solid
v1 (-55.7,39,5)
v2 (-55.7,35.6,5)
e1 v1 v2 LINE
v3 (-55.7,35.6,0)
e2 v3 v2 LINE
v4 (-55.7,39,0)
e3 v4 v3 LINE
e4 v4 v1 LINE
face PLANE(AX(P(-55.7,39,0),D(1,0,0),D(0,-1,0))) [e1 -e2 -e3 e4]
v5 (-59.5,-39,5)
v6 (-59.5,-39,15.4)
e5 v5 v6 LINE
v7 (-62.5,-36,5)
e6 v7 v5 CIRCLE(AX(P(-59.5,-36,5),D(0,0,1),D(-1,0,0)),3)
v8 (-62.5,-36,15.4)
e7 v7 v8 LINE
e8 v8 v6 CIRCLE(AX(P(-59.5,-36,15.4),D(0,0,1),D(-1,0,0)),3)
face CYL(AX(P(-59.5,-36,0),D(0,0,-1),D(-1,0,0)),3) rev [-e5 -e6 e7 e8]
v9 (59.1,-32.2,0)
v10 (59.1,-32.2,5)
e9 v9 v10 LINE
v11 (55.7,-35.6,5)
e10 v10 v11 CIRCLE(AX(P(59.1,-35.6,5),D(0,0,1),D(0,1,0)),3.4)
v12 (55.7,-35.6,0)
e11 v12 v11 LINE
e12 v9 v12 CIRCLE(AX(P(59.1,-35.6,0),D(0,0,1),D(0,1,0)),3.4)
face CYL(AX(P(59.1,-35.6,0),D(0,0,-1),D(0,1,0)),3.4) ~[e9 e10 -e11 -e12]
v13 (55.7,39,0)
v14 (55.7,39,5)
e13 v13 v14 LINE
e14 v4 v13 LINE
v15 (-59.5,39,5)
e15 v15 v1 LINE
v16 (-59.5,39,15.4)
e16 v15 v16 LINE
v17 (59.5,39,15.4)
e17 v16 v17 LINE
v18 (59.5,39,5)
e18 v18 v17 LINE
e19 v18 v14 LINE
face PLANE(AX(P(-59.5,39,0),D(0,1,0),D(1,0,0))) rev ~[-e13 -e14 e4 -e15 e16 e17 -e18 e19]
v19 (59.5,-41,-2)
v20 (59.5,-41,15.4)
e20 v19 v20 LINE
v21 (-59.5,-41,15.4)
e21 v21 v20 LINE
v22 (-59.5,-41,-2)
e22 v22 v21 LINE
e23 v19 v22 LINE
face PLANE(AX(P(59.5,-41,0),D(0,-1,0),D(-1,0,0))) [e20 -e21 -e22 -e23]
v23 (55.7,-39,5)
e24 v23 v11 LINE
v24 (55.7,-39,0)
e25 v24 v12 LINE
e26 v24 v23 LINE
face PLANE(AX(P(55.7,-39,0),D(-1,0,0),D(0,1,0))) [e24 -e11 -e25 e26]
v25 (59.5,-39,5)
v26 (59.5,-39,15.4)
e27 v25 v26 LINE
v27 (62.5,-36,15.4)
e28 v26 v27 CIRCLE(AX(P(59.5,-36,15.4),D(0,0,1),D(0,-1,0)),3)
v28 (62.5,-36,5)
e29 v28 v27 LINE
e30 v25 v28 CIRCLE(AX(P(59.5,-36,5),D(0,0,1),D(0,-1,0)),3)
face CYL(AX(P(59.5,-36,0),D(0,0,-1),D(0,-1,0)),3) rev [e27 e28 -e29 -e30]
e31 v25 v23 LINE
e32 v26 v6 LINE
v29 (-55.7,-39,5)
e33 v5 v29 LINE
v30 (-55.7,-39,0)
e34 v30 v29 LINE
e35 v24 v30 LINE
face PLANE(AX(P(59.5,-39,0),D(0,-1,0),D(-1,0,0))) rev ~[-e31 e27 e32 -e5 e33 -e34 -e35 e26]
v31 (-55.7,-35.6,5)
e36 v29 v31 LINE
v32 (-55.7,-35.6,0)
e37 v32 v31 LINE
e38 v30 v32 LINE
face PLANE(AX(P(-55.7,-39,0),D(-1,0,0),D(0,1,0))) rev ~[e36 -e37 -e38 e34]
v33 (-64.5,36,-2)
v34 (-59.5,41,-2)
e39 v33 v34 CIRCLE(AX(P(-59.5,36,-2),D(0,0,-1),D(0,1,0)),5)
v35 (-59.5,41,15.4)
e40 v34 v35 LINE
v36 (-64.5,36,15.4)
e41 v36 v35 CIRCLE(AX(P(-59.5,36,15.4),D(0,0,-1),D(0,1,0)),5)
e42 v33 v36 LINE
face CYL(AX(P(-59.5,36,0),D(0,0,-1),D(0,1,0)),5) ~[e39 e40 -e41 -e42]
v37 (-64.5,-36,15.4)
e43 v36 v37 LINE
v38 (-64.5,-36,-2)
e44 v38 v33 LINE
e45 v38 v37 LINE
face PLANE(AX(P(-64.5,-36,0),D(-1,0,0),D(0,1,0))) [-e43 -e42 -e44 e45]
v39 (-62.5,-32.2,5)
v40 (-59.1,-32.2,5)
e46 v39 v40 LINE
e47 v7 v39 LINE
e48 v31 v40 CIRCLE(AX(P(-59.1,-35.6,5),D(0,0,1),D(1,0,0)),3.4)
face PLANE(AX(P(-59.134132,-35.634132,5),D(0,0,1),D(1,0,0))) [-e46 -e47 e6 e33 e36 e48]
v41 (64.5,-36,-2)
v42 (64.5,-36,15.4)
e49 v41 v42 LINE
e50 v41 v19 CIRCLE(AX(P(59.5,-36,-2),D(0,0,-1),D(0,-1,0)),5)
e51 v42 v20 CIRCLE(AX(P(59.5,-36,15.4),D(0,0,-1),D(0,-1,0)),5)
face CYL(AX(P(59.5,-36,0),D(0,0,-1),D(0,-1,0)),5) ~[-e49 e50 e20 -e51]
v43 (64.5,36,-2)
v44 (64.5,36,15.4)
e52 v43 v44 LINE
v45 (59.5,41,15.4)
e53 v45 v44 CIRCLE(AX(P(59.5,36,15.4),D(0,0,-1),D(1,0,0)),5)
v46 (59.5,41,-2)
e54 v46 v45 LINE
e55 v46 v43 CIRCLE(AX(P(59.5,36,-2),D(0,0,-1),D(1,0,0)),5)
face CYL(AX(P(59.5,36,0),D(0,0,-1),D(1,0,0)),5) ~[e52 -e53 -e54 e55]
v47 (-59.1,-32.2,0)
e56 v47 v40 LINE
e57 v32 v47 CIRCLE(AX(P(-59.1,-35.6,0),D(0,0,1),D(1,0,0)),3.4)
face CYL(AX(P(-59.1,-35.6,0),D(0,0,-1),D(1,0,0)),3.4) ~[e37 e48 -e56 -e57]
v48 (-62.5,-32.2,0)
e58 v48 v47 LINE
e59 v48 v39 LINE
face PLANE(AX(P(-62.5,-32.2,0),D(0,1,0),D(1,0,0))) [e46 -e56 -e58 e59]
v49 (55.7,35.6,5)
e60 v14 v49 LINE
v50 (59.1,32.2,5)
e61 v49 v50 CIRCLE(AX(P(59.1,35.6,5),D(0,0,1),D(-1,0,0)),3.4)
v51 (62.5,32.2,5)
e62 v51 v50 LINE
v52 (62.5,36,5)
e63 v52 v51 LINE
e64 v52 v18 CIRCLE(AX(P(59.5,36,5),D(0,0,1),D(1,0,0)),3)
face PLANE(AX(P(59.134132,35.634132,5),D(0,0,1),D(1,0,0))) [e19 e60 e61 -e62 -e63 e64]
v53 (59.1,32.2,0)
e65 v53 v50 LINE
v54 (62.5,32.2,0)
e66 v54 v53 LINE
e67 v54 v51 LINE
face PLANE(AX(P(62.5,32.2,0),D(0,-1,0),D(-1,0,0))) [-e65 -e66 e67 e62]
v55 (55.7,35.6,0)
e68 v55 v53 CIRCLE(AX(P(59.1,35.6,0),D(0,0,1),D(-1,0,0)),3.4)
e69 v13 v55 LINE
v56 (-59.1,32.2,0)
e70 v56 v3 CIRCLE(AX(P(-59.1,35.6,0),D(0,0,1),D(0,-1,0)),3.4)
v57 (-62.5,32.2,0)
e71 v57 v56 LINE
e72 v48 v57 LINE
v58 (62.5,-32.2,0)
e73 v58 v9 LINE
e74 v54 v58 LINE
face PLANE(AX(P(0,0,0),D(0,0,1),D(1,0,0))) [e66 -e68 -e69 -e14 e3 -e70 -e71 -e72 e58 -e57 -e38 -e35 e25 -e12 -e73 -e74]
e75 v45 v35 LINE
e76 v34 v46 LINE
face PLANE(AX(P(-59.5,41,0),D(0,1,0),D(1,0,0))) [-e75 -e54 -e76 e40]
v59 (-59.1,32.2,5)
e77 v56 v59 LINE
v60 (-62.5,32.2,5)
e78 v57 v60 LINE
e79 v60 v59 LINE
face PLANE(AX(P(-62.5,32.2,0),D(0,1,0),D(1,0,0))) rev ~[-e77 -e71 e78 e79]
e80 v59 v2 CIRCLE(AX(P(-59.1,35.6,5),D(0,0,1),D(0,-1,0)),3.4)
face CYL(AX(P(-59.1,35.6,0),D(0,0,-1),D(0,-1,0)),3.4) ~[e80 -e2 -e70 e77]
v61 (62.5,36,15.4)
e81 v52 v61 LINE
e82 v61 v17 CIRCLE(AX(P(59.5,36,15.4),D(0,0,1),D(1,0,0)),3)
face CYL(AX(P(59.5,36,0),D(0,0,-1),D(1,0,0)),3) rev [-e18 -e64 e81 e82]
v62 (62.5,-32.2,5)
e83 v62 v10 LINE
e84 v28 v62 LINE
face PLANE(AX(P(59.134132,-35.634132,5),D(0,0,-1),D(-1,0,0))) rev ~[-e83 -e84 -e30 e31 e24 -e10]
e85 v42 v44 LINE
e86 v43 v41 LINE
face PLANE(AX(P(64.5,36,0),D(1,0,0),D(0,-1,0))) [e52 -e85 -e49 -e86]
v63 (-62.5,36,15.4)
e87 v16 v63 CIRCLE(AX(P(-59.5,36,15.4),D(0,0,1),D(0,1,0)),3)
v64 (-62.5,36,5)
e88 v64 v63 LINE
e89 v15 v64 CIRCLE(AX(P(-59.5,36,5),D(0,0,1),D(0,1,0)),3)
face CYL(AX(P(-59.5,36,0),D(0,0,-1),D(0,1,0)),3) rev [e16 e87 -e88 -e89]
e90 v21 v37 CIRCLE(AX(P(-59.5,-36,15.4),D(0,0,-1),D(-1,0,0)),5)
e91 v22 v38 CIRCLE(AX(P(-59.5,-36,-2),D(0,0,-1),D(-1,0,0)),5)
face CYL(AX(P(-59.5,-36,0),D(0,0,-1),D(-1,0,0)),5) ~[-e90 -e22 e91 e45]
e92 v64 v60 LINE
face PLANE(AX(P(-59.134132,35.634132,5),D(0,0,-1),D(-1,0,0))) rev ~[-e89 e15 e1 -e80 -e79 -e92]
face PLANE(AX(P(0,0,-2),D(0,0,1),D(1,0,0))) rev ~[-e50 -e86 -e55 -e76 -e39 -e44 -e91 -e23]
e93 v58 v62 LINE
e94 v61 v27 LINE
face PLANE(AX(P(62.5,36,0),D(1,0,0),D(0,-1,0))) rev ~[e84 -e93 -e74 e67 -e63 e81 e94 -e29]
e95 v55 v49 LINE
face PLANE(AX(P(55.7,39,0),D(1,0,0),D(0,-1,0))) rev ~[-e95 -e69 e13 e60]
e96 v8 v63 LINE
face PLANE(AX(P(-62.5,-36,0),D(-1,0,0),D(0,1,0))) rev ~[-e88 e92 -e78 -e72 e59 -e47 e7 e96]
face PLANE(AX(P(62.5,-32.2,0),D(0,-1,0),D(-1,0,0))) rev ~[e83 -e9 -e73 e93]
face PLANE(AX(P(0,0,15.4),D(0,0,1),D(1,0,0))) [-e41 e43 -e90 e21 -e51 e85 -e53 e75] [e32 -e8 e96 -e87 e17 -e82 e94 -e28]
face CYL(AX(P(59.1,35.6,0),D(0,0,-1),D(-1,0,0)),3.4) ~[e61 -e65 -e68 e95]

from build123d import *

# Parameters (mm, degrees)
PAD_DEPTH    = 15.4
THICKNESS_T  = 2
PAD001_DEPTH = 5


with BuildPart() as part:
    # Sketch → Pad (new body)
    with BuildSketch(Plane.XY):
        with BuildLine():
            ThreePointArc((-59.5, 39), (-61.6213203436, 38.1213203436), (-62.5, 36))
            Line((-62.5, -36), (-62.5, 36))
            ThreePointArc((-62.5, -36), (-61.6213203436, -38.1213203436), (-59.5, -39))
            Line((59.5, -39), (-59.5, -39))
            ThreePointArc((59.5, -39), (61.6213203436, -38.1213203436), (62.5, -36))
            Line((62.5, 36), (62.5, -36))
            ThreePointArc((62.5, 36), (61.6213203436, 38.1213203436), (59.5, 39))
            Line((-59.5, 39), (59.5, 39))
        make_face()
    extrude(amount=PAD_DEPTH)

    # Thickness
    thickness_openings = [part.faces().sort_by_distance(p)[0] for p in [
        (0, 0, 15.4),
    ]]
    offset(amount=THICKNESS_T, openings=thickness_openings, kind=Kind.INTERSECTION)

    # Sketch003 → Pad001 (join)
    with BuildSketch(Plane.XY):
        with BuildLine():
            Line((-59.5, 39), (-55.7, 39))
            Line((-55.7, 39), (-55.7, 35.6))
            ThreePointArc((-59.1, 32.2), (-56.695836944, 33.195836944), (-55.7, 35.6))
            Line((-62.5, 32.2), (-59.1, 32.2))
            Line((-62.5, 36), (-62.5, 32.2))
            ThreePointArc((-59.5, 39), (-61.6213203436, 38.1213203436), (-62.5, 36))
        make_face()
        with BuildLine():
            Line((-59.5, -39), (-55.7, -39))
            Line((-55.7, -39), (-55.7, -35.6))
            ThreePointArc((-55.7, -35.6), (-56.695836944, -33.195836944), (-59.1, -32.2))
            Line((-62.5, -32.2), (-59.1, -32.2))
            Line((-62.5, -36), (-62.5, -32.2))
            ThreePointArc((-62.5, -36), (-61.6213203436, -38.1213203436), (-59.5, -39))
        make_face()
        with BuildLine():
            Line((59.5, 39), (55.7, 39))
            Line((55.7, 39), (55.7, 35.6))
            ThreePointArc((55.7, 35.6), (56.695836944, 33.195836944), (59.1, 32.2))
            Line((62.5, 32.2), (59.1, 32.2))
            Line((62.5, 36), (62.5, 32.2))
            ThreePointArc((62.5, 36), (61.6213203436, 38.1213203436), (59.5, 39))
        make_face()
        with BuildLine():
            Line((59.5, -39), (55.7, -39))
            Line((55.7, -39), (55.7, -35.6))
            ThreePointArc((59.1, -32.2), (56.695836944, -33.195836944), (55.7, -35.6))
            Line((62.5, -32.2), (59.1, -32.2))
            Line((62.5, -36), (62.5, -32.2))
            ThreePointArc((59.5, -39), (61.6213203436, -38.1213203436), (62.5, -36))
        make_face()
    extrude(amount=PAD001_DEPTH)


solid = part.part
